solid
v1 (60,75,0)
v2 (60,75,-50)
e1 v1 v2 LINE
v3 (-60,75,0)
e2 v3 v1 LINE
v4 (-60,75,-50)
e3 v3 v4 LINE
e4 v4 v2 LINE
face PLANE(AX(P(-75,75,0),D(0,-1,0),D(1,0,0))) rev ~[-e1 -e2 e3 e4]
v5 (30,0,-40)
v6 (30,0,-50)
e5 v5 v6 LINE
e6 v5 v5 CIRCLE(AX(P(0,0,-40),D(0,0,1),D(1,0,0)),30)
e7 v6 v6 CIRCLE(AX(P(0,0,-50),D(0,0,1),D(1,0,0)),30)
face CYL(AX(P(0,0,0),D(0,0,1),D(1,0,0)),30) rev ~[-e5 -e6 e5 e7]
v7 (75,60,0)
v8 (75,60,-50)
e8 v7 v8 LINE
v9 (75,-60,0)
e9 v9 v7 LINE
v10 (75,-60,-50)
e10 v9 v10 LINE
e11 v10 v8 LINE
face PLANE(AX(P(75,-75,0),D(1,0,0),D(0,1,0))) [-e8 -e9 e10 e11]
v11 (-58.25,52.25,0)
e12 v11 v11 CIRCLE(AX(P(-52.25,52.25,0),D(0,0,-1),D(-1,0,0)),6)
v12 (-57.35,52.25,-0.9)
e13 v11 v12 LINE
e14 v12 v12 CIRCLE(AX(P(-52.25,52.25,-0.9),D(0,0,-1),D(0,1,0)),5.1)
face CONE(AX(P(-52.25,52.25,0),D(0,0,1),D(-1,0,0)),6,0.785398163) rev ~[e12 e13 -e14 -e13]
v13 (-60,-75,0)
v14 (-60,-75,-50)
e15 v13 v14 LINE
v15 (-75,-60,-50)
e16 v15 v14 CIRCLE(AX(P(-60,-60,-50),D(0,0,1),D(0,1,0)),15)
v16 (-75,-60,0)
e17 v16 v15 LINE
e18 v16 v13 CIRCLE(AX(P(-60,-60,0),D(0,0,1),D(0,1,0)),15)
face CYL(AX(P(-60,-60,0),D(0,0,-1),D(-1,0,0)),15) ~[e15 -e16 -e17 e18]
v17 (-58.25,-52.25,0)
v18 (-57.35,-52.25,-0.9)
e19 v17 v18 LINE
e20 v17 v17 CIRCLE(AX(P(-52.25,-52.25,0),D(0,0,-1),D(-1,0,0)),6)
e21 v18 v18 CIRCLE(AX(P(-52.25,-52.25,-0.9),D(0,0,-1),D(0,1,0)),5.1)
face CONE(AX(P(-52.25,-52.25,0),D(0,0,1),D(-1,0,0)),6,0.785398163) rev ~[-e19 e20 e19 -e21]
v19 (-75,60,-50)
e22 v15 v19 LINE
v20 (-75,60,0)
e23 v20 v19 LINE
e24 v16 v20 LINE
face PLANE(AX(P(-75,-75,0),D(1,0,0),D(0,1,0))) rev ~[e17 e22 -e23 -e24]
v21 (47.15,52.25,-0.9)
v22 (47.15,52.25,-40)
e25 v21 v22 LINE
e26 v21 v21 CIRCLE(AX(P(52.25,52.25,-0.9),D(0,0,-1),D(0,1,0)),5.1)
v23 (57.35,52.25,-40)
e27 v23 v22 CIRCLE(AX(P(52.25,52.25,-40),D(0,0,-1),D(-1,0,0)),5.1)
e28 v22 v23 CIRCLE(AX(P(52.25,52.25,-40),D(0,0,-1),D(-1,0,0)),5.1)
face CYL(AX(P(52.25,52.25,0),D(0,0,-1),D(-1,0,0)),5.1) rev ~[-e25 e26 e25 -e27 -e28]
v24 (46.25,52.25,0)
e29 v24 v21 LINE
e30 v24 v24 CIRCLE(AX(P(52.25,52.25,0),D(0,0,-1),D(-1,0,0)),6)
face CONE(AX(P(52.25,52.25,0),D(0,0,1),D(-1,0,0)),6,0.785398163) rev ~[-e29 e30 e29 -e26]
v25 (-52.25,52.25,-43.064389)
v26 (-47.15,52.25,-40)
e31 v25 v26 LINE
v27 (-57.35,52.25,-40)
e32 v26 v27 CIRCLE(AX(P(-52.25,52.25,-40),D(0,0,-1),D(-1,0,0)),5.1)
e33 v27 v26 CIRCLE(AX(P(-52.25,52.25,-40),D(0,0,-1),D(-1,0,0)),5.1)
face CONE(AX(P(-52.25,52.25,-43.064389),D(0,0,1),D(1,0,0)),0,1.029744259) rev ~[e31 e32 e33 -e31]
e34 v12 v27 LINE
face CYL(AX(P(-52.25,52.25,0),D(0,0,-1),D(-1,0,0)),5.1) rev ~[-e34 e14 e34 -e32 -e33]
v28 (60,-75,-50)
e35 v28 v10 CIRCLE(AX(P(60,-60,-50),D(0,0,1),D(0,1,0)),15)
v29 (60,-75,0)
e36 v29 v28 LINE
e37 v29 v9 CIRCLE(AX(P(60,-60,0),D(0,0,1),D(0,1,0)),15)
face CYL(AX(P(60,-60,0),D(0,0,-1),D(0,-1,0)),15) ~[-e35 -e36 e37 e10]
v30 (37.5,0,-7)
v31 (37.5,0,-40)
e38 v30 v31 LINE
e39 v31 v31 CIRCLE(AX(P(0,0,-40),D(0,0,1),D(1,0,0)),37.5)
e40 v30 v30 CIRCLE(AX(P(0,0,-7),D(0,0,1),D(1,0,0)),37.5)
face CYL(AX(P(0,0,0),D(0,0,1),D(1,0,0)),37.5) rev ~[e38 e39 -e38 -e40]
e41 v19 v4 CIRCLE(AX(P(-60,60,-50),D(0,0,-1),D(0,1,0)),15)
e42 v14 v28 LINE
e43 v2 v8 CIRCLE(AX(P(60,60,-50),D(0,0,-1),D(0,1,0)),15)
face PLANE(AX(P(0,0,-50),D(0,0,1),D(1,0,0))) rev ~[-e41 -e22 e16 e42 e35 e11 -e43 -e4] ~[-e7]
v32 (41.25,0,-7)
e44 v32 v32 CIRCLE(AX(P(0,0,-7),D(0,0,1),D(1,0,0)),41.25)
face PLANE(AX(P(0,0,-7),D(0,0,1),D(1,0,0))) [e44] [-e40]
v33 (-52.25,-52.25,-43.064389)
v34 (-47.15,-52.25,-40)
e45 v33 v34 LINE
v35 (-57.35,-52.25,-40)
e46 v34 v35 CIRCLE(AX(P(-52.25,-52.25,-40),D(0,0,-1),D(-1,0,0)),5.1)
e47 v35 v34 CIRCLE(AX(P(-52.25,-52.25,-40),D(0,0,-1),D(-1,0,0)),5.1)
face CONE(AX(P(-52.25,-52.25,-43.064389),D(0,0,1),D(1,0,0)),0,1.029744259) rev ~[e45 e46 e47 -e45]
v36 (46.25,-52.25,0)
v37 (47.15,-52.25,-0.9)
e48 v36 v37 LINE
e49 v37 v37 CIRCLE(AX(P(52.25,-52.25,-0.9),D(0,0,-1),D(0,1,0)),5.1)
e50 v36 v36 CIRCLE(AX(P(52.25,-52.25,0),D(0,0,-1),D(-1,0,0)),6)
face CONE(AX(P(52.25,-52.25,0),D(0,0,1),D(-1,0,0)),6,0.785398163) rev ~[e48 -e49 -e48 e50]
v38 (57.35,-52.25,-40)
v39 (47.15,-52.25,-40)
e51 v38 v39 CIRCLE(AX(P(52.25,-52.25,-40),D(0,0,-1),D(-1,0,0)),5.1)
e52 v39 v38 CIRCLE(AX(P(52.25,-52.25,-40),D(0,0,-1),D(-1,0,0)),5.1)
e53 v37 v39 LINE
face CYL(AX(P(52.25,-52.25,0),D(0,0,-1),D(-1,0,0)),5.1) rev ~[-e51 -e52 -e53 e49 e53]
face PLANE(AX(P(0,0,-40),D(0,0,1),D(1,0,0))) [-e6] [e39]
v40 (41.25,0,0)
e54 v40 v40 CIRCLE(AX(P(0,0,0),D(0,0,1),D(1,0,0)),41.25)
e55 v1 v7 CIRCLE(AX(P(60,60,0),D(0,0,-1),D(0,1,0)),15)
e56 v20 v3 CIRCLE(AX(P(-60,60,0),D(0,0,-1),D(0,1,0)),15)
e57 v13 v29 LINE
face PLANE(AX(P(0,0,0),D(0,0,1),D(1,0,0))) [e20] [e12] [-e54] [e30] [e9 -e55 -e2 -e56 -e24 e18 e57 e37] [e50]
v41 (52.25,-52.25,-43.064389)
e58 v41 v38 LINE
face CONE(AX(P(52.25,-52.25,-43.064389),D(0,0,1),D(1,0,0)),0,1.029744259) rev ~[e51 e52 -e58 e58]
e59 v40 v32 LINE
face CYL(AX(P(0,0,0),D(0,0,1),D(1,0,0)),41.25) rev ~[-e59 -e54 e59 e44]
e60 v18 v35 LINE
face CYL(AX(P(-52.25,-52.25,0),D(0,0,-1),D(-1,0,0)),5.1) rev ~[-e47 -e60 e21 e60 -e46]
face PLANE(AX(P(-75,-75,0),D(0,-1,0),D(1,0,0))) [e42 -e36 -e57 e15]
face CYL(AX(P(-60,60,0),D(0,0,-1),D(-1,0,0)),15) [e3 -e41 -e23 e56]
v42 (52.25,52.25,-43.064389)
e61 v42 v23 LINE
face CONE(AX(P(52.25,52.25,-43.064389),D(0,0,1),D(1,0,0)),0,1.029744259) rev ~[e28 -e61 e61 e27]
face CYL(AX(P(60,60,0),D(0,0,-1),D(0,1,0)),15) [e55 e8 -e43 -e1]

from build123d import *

# Parameters (mm, degrees)
F0_W           = 150
F0_H           = 150
F0_R           = 30
F1_DEPTH       = 50
F2_R           = 37.5
F2_R_2         = 30
F3_DEPTH       = 40
F4_R           = 41.25
F4_R_2         = 37.5
F5_DEPTH       = 7
F7_D           = 10.2
F7_DEPTH       = 40
F7_CSINK_D     = 12
F7_CSINK_ANGLE = 90
F7_TIP         = 3.064389157
F8_R           = 15


with BuildPart() as f1:
    # F0 (on Top) → F1 (new body)
    with BuildSketch(Plane.XY):
        Rectangle(F0_W, F0_H)
        Circle(F0_R, mode=Mode.SUBTRACT)
    extrude(amount=-F1_DEPTH)

    # F2 (on face) → F3 (cut)
    with BuildSketch(Plane.XY):
        Circle(F2_R)
        Circle(F2_R_2, mode=Mode.SUBTRACT)
    extrude(amount=-F3_DEPTH, mode=Mode.SUBTRACT)

    # F4 (on face) → F5 (cut)
    with BuildSketch(Plane.XY):
        Circle(F4_R)
        Circle(F4_R_2, mode=Mode.SUBTRACT)
    extrude(amount=-F5_DEPTH, mode=Mode.SUBTRACT)

    # F7
    with Locations(Plane.XY):
        with Locations((-52.25, 52.25), (52.25, 52.25), (52.25, -52.25), (-52.25, -52.25)):
            CounterSinkHole(F7_D / 2, F7_CSINK_D / 2, depth=F7_DEPTH, counter_sink_angle=F7_CSINK_ANGLE)
            with Locations((0, 0, -(F7_DEPTH + F7_TIP / 2))):  # 118° drill point
                Cone(0, F7_D / 2, F7_TIP, mode=Mode.SUBTRACT)

    # F8
    f8_edges = [f1.edges().sort_by_distance(p)[0] for p in [
        (-75, 75, -25),
        (75, 75, -25),
        (75, -75, -25),
        (-75, -75, -25),
    ]]
    fillet(f8_edges, radius=F8_R)


solid = f1.part
